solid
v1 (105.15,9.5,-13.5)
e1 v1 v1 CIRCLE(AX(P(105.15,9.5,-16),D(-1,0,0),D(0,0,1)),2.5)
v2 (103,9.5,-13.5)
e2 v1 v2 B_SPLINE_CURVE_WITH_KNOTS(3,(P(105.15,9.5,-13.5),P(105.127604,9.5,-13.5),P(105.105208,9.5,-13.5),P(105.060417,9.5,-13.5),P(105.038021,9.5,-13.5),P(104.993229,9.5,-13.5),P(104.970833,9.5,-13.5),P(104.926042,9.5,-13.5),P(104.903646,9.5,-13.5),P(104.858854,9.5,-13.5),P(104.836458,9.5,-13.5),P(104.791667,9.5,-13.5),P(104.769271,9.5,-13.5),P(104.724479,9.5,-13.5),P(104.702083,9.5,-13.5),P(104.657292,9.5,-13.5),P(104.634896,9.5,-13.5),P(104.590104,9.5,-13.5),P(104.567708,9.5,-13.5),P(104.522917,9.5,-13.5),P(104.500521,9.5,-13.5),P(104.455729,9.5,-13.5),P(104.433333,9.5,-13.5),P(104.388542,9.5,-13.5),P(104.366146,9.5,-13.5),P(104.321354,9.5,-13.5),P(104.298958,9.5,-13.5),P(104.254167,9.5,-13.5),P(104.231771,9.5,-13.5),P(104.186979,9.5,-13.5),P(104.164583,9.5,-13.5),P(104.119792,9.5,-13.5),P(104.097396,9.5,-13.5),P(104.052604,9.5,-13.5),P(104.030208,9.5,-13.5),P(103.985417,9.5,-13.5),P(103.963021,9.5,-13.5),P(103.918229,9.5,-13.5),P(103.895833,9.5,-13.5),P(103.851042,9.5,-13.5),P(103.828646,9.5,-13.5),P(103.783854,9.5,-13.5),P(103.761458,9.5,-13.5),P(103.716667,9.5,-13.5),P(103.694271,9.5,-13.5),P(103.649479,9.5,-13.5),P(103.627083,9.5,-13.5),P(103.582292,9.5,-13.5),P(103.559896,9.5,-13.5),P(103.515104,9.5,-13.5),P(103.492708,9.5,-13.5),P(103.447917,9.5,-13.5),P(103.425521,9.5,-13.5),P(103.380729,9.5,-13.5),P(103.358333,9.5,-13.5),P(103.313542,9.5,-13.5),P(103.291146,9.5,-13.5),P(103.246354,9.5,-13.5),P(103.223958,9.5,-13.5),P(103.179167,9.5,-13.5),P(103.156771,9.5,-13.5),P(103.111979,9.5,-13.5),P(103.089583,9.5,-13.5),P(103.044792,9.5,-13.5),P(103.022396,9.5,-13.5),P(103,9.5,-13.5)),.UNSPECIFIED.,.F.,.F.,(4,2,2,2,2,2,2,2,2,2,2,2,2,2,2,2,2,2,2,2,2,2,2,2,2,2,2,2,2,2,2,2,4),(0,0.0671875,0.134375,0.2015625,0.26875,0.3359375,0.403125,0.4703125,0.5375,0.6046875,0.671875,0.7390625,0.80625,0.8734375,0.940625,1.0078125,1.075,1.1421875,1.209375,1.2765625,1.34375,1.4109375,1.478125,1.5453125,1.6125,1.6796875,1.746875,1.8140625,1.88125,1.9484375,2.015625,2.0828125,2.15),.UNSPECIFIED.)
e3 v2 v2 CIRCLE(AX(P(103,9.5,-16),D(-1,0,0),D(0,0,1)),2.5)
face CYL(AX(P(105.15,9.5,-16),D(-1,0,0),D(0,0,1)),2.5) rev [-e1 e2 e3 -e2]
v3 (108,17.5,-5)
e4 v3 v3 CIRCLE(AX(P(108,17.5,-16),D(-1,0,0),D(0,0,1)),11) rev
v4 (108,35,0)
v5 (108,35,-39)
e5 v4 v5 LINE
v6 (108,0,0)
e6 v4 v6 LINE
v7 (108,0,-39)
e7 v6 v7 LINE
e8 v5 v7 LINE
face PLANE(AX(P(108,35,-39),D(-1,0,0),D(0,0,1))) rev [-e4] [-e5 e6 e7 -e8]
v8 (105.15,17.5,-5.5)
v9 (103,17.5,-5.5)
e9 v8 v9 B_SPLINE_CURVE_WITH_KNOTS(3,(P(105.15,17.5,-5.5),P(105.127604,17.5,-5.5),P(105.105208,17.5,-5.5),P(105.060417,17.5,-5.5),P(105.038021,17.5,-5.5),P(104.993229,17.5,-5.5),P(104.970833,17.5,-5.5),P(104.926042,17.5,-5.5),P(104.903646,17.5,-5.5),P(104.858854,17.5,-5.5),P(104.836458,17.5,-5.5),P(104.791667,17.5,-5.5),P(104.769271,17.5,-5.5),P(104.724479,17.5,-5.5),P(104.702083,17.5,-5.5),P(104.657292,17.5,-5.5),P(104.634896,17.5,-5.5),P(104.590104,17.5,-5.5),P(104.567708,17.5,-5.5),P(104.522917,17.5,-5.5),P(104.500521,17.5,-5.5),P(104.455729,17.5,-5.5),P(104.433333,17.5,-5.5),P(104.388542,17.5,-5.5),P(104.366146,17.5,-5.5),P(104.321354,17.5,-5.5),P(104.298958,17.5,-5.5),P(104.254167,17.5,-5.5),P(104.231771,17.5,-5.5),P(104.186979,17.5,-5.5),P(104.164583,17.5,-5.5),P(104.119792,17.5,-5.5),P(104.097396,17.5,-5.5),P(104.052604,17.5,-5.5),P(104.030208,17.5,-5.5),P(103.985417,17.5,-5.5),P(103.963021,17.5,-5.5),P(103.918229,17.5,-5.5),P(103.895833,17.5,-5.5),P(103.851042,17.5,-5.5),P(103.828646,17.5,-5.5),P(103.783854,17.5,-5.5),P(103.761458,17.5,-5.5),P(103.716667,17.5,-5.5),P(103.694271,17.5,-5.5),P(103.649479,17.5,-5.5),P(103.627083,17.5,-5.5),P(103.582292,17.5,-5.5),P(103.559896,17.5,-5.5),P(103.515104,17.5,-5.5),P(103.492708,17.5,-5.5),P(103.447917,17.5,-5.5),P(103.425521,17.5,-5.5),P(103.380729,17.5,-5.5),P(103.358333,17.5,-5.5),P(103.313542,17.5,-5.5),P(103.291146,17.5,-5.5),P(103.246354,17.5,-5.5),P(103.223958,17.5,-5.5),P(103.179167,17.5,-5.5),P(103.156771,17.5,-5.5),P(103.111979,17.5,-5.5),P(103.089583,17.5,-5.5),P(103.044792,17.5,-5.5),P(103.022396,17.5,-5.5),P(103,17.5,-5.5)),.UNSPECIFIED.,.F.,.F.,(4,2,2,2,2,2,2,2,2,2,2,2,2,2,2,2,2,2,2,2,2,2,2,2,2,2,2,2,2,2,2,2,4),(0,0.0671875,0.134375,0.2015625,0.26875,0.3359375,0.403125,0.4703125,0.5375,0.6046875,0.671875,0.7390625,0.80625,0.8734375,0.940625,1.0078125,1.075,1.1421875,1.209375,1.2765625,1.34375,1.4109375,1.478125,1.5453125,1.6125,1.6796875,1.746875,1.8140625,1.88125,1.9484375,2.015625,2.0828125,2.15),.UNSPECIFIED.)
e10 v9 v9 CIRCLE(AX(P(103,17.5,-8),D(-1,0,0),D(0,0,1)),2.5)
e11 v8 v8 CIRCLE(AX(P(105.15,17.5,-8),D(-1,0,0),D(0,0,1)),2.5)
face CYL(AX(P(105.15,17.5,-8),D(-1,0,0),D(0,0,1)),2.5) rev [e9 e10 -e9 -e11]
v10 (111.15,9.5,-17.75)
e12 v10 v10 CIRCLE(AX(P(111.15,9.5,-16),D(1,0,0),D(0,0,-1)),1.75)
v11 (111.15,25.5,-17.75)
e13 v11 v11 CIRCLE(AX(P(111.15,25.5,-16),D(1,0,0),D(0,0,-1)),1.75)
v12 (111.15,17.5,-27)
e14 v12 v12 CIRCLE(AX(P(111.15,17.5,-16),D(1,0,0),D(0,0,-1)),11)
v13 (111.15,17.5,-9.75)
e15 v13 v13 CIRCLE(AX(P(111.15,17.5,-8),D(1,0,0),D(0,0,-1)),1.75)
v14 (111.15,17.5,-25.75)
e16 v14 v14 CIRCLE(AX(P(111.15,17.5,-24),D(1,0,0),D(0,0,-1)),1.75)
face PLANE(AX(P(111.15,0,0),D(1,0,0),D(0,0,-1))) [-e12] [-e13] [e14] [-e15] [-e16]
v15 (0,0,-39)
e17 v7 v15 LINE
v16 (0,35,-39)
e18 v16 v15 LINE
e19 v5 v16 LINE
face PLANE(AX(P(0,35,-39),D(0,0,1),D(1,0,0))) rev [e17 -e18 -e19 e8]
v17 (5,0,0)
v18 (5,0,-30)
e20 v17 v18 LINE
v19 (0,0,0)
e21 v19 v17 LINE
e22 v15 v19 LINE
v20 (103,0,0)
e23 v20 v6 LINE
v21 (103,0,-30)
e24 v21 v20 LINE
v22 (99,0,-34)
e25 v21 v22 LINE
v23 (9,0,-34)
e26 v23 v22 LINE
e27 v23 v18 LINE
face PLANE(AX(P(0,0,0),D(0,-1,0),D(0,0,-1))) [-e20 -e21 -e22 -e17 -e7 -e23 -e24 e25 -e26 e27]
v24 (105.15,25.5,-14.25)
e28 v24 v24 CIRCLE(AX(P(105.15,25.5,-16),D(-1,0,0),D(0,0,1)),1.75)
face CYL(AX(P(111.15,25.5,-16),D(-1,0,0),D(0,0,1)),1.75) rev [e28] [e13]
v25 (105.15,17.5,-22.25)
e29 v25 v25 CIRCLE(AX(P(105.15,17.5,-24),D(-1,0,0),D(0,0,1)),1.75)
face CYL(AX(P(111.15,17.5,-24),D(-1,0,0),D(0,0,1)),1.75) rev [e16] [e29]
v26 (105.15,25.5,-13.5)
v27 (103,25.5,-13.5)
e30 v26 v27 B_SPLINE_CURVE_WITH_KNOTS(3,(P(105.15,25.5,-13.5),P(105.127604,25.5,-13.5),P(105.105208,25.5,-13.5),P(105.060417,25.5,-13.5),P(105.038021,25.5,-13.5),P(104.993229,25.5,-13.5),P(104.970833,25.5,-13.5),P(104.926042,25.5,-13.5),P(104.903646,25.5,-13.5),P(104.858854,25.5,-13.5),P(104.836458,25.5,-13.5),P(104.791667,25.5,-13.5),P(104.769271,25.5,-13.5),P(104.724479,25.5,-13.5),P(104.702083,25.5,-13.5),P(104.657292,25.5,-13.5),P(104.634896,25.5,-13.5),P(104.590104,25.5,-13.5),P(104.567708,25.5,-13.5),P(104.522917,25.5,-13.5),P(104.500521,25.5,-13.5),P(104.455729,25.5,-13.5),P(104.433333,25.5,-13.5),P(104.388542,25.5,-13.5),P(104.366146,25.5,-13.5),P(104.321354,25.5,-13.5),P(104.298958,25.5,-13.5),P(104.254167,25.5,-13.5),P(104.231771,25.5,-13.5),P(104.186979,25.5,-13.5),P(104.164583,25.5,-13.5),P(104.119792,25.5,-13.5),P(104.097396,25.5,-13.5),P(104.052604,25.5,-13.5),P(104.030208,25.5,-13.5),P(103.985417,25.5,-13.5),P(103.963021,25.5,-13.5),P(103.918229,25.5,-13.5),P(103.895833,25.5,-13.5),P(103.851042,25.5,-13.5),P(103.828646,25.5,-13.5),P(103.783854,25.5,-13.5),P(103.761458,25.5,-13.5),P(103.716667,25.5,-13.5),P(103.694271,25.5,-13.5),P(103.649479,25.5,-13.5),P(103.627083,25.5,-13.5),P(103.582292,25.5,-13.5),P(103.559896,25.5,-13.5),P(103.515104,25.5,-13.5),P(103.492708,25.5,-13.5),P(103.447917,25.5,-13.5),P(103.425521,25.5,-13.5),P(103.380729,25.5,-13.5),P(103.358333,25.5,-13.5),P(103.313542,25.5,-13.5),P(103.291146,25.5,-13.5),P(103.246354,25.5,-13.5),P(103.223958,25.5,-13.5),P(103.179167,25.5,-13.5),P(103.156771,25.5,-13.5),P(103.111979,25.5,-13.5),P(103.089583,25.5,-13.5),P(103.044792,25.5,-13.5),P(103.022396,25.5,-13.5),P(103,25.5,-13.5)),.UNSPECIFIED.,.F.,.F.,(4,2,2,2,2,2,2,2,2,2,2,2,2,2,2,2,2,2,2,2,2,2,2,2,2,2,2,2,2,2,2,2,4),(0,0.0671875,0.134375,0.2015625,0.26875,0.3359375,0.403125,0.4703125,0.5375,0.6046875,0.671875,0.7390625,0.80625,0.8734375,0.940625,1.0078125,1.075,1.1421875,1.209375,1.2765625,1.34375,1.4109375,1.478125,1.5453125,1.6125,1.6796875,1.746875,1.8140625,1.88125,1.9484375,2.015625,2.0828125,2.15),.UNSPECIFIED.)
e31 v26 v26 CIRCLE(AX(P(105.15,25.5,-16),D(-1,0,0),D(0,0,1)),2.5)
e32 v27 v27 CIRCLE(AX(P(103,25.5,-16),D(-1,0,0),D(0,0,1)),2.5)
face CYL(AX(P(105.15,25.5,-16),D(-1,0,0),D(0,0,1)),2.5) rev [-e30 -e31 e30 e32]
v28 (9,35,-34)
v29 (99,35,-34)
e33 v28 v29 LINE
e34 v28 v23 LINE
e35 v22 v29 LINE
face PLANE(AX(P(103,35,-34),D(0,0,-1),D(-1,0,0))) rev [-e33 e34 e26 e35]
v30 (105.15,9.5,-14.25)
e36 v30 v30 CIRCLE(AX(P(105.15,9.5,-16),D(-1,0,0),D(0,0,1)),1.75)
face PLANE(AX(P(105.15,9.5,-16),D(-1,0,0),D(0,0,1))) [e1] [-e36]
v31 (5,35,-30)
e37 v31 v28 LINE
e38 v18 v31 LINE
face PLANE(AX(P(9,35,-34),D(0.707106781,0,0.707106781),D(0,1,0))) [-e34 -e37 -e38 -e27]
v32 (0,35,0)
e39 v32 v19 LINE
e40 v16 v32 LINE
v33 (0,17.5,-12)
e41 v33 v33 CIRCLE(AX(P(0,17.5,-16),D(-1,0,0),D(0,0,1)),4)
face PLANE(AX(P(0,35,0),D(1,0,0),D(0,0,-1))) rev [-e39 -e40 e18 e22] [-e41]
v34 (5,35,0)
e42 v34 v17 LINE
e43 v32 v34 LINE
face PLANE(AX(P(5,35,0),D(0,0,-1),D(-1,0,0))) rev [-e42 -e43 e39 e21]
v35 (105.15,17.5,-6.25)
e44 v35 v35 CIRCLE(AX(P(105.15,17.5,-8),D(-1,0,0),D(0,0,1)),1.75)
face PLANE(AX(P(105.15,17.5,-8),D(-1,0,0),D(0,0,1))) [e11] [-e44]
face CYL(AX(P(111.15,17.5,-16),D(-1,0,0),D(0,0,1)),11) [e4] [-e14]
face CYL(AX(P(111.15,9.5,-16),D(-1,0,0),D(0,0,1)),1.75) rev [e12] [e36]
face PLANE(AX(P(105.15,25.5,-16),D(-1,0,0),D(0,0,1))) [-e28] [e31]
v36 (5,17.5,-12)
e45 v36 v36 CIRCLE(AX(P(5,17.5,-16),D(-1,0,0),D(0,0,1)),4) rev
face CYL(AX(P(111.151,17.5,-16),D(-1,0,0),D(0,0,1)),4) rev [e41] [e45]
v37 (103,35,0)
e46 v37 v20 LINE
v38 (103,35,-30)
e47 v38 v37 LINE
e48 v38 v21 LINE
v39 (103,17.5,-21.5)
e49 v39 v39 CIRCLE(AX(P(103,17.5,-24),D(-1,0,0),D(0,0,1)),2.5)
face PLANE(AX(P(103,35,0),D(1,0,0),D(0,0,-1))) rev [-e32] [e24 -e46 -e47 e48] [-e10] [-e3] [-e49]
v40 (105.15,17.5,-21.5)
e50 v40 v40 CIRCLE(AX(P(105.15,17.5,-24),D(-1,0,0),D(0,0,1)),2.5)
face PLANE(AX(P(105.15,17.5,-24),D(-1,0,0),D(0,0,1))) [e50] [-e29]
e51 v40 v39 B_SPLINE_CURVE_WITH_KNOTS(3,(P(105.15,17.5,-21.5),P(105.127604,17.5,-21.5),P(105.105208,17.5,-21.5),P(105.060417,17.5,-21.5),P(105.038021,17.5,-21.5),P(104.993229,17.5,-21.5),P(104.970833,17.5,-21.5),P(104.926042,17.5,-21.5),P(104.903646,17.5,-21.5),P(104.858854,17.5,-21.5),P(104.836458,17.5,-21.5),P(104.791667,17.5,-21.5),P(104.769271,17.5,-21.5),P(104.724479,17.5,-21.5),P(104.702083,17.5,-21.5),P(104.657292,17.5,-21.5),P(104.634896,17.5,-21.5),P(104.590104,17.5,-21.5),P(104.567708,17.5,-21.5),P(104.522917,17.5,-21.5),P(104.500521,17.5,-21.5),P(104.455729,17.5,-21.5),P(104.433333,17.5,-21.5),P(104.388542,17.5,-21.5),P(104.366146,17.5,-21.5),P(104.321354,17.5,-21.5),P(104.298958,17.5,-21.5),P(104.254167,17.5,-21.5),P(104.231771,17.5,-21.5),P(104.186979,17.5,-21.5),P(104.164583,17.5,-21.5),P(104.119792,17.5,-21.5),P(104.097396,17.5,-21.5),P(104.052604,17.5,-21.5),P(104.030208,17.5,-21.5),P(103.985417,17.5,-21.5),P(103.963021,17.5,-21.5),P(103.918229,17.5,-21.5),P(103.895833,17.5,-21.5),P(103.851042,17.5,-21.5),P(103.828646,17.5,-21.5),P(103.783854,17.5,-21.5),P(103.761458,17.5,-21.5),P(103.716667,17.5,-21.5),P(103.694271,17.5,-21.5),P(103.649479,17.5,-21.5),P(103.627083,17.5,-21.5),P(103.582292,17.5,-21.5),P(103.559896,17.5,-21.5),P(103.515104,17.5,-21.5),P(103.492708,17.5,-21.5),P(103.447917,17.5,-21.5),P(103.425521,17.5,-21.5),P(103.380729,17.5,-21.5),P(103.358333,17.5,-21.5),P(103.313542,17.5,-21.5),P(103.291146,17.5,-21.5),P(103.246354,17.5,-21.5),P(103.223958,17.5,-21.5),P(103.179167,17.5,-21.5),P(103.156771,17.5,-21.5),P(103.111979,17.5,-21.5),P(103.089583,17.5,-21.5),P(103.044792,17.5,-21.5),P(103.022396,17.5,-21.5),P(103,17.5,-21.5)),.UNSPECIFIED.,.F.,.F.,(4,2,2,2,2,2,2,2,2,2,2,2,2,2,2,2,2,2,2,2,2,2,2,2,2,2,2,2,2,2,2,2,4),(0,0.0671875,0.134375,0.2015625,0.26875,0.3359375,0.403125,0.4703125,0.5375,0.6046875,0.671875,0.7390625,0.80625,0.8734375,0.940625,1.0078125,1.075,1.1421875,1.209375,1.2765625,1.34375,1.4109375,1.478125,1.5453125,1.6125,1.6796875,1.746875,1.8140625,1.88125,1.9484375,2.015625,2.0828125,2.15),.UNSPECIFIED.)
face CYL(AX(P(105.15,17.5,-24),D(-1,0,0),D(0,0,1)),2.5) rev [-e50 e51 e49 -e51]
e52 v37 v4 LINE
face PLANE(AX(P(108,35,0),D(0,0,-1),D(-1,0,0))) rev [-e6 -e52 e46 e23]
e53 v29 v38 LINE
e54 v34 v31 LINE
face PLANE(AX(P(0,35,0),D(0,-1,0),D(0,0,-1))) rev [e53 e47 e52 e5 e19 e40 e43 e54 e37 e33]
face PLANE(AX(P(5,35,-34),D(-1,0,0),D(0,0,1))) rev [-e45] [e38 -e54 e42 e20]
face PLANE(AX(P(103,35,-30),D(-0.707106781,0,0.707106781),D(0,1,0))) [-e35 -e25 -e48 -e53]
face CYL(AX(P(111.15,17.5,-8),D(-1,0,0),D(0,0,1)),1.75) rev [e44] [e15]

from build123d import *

# Parameters (mm, degrees)
BOSS_EXTRUDE2_DEPTH = 35
SKETCH3_R           = 11
SKETCH3_R_2         = 1.75
BOSS_EXTRUDE5_DEPTH = 3.15
CUT_EXTRUDE2_REACH  = 122.042
SKETCH5_R           = 1.75
SKETCH6_R           = 2.5
CUT_EXTRUDE3_DEPTH  = 2.15
CUT_EXTRUDE4_REACH  = 124.883
SKETCH7_R           = 4
CHAMFER1_SIZE       = 4


with BuildPart() as part:
    # Sketch1 → Boss-Extrude2 (new body)
    with BuildSketch(Plane(origin=(0, 0, 0), x_dir=(1, 0, 0), z_dir=(0, 1, 0))):
        Polygon((0, 0), (0, 39), (108, 39), (108, 0), (103, 0), (103, 34), (5, 34), (5, 0), align=None)
    extrude(amount=BOSS_EXTRUDE2_DEPTH)

    # Sketch3 → Boss-Extrude5 (add)
    with BuildSketch(Plane(origin=(108, 0, 0), x_dir=(0, 0, -1), z_dir=(1, 0, 0))):
        with Locations(Location((16, 17.5, 0), (0, 0, 180))):
            Circle(SKETCH3_R)
        with Locations((16, 9.5)):
            Circle(SKETCH3_R_2, mode=Mode.SUBTRACT)
        with Locations((8, 17.5)):
            Circle(SKETCH3_R_2, mode=Mode.SUBTRACT)
        with Locations((16, 25.5)):
            Circle(SKETCH3_R_2, mode=Mode.SUBTRACT)
        with Locations((24, 17.5)):
            Circle(SKETCH3_R_2, mode=Mode.SUBTRACT)
    extrude(amount=BOSS_EXTRUDE5_DEPTH)

    # Sketch5 → Cut-Extrude2 (cut, up to next)
    with BuildSketch(Plane(origin=(108, 0, 0), x_dir=(0, 0, -1), z_dir=(1, 0, 0)), mode=Mode.PRIVATE) as cut_extrude2_sk1:
        with Locations((16, 9.5)):
            Circle(SKETCH5_R)
    cut_extrude2_tool1 = extrude(cut_extrude2_sk1.sketch, amount=-CUT_EXTRUDE2_REACH, mode=Mode.PRIVATE) & part.part
    # Sketch5 → Cut-Extrude2 (cut, up to next)
    with BuildSketch(Plane(origin=(108, 0, 0), x_dir=(0, 0, -1), z_dir=(1, 0, 0)), mode=Mode.PRIVATE) as cut_extrude2_sk2:
        with Locations((24, 17.5)):
            Circle(SKETCH5_R)
    cut_extrude2_tool2 = extrude(cut_extrude2_sk2.sketch, amount=-CUT_EXTRUDE2_REACH, mode=Mode.PRIVATE) & part.part
    # Sketch5 → Cut-Extrude2 (cut, up to next)
    with BuildSketch(Plane(origin=(108, 0, 0), x_dir=(0, 0, -1), z_dir=(1, 0, 0)), mode=Mode.PRIVATE) as cut_extrude2_sk3:
        with Locations((16, 25.5)):
            Circle(SKETCH5_R)
    cut_extrude2_tool3 = extrude(cut_extrude2_sk3.sketch, amount=-CUT_EXTRUDE2_REACH, mode=Mode.PRIVATE) & part.part
    # Sketch5 → Cut-Extrude2 (cut, up to next)
    with BuildSketch(Plane(origin=(108, 0, 0), x_dir=(0, 0, -1), z_dir=(1, 0, 0)), mode=Mode.PRIVATE) as cut_extrude2_sk4:
        with Locations((8, 17.5)):
            Circle(SKETCH5_R)
    cut_extrude2_tool4 = extrude(cut_extrude2_sk4.sketch, amount=-CUT_EXTRUDE2_REACH, mode=Mode.PRIVATE) & part.part
    add(cut_extrude2_tool1.solids().sort_by_distance((108, 9.5, -16))[0], mode=Mode.SUBTRACT)
    add(cut_extrude2_tool2.solids().sort_by_distance((108, 17.5, -24))[0], mode=Mode.SUBTRACT)
    add(cut_extrude2_tool3.solids().sort_by_distance((108, 25.5, -16))[0], mode=Mode.SUBTRACT)
    add(cut_extrude2_tool4.solids().sort_by_distance((108, 17.5, -8))[0], mode=Mode.SUBTRACT)

    # Sketch6 → Cut-Extrude3 (cut)
    with BuildSketch(Plane.ZY.offset(-103)):
        with Locations((-16, 9.5)):
            Circle(SKETCH6_R)
        with Locations((-24, 17.5)):
            Circle(SKETCH6_R)
        with Locations((-16, 25.5)):
            Circle(SKETCH6_R)
        with Locations((-8, 17.5)):
            Circle(SKETCH6_R)
    extrude(amount=-CUT_EXTRUDE3_DEPTH, mode=Mode.SUBTRACT)

    # Sketch7 → Cut-Extrude4 (cut, up to next)
    with BuildSketch(Plane.ZY, mode=Mode.PRIVATE) as cut_extrude4_sk1:
        with Locations((-16, 17.5)):
            Circle(SKETCH7_R)
    cut_extrude4_tool1 = extrude(cut_extrude4_sk1.sketch, amount=-CUT_EXTRUDE4_REACH, mode=Mode.PRIVATE) & part.part
    add(cut_extrude4_tool1.solids().sort_by_distance((0, 17.5, -16))[0], mode=Mode.SUBTRACT)

    # Chamfer1
    chamfer1_edges = [part.edges().sort_by_distance(p)[0] for p in [
        (103, 17.5, -34),
        (5, 17.5, -34),
    ]]
    chamfer(chamfer1_edges, length=CHAMFER1_SIZE)


solid = part.part
